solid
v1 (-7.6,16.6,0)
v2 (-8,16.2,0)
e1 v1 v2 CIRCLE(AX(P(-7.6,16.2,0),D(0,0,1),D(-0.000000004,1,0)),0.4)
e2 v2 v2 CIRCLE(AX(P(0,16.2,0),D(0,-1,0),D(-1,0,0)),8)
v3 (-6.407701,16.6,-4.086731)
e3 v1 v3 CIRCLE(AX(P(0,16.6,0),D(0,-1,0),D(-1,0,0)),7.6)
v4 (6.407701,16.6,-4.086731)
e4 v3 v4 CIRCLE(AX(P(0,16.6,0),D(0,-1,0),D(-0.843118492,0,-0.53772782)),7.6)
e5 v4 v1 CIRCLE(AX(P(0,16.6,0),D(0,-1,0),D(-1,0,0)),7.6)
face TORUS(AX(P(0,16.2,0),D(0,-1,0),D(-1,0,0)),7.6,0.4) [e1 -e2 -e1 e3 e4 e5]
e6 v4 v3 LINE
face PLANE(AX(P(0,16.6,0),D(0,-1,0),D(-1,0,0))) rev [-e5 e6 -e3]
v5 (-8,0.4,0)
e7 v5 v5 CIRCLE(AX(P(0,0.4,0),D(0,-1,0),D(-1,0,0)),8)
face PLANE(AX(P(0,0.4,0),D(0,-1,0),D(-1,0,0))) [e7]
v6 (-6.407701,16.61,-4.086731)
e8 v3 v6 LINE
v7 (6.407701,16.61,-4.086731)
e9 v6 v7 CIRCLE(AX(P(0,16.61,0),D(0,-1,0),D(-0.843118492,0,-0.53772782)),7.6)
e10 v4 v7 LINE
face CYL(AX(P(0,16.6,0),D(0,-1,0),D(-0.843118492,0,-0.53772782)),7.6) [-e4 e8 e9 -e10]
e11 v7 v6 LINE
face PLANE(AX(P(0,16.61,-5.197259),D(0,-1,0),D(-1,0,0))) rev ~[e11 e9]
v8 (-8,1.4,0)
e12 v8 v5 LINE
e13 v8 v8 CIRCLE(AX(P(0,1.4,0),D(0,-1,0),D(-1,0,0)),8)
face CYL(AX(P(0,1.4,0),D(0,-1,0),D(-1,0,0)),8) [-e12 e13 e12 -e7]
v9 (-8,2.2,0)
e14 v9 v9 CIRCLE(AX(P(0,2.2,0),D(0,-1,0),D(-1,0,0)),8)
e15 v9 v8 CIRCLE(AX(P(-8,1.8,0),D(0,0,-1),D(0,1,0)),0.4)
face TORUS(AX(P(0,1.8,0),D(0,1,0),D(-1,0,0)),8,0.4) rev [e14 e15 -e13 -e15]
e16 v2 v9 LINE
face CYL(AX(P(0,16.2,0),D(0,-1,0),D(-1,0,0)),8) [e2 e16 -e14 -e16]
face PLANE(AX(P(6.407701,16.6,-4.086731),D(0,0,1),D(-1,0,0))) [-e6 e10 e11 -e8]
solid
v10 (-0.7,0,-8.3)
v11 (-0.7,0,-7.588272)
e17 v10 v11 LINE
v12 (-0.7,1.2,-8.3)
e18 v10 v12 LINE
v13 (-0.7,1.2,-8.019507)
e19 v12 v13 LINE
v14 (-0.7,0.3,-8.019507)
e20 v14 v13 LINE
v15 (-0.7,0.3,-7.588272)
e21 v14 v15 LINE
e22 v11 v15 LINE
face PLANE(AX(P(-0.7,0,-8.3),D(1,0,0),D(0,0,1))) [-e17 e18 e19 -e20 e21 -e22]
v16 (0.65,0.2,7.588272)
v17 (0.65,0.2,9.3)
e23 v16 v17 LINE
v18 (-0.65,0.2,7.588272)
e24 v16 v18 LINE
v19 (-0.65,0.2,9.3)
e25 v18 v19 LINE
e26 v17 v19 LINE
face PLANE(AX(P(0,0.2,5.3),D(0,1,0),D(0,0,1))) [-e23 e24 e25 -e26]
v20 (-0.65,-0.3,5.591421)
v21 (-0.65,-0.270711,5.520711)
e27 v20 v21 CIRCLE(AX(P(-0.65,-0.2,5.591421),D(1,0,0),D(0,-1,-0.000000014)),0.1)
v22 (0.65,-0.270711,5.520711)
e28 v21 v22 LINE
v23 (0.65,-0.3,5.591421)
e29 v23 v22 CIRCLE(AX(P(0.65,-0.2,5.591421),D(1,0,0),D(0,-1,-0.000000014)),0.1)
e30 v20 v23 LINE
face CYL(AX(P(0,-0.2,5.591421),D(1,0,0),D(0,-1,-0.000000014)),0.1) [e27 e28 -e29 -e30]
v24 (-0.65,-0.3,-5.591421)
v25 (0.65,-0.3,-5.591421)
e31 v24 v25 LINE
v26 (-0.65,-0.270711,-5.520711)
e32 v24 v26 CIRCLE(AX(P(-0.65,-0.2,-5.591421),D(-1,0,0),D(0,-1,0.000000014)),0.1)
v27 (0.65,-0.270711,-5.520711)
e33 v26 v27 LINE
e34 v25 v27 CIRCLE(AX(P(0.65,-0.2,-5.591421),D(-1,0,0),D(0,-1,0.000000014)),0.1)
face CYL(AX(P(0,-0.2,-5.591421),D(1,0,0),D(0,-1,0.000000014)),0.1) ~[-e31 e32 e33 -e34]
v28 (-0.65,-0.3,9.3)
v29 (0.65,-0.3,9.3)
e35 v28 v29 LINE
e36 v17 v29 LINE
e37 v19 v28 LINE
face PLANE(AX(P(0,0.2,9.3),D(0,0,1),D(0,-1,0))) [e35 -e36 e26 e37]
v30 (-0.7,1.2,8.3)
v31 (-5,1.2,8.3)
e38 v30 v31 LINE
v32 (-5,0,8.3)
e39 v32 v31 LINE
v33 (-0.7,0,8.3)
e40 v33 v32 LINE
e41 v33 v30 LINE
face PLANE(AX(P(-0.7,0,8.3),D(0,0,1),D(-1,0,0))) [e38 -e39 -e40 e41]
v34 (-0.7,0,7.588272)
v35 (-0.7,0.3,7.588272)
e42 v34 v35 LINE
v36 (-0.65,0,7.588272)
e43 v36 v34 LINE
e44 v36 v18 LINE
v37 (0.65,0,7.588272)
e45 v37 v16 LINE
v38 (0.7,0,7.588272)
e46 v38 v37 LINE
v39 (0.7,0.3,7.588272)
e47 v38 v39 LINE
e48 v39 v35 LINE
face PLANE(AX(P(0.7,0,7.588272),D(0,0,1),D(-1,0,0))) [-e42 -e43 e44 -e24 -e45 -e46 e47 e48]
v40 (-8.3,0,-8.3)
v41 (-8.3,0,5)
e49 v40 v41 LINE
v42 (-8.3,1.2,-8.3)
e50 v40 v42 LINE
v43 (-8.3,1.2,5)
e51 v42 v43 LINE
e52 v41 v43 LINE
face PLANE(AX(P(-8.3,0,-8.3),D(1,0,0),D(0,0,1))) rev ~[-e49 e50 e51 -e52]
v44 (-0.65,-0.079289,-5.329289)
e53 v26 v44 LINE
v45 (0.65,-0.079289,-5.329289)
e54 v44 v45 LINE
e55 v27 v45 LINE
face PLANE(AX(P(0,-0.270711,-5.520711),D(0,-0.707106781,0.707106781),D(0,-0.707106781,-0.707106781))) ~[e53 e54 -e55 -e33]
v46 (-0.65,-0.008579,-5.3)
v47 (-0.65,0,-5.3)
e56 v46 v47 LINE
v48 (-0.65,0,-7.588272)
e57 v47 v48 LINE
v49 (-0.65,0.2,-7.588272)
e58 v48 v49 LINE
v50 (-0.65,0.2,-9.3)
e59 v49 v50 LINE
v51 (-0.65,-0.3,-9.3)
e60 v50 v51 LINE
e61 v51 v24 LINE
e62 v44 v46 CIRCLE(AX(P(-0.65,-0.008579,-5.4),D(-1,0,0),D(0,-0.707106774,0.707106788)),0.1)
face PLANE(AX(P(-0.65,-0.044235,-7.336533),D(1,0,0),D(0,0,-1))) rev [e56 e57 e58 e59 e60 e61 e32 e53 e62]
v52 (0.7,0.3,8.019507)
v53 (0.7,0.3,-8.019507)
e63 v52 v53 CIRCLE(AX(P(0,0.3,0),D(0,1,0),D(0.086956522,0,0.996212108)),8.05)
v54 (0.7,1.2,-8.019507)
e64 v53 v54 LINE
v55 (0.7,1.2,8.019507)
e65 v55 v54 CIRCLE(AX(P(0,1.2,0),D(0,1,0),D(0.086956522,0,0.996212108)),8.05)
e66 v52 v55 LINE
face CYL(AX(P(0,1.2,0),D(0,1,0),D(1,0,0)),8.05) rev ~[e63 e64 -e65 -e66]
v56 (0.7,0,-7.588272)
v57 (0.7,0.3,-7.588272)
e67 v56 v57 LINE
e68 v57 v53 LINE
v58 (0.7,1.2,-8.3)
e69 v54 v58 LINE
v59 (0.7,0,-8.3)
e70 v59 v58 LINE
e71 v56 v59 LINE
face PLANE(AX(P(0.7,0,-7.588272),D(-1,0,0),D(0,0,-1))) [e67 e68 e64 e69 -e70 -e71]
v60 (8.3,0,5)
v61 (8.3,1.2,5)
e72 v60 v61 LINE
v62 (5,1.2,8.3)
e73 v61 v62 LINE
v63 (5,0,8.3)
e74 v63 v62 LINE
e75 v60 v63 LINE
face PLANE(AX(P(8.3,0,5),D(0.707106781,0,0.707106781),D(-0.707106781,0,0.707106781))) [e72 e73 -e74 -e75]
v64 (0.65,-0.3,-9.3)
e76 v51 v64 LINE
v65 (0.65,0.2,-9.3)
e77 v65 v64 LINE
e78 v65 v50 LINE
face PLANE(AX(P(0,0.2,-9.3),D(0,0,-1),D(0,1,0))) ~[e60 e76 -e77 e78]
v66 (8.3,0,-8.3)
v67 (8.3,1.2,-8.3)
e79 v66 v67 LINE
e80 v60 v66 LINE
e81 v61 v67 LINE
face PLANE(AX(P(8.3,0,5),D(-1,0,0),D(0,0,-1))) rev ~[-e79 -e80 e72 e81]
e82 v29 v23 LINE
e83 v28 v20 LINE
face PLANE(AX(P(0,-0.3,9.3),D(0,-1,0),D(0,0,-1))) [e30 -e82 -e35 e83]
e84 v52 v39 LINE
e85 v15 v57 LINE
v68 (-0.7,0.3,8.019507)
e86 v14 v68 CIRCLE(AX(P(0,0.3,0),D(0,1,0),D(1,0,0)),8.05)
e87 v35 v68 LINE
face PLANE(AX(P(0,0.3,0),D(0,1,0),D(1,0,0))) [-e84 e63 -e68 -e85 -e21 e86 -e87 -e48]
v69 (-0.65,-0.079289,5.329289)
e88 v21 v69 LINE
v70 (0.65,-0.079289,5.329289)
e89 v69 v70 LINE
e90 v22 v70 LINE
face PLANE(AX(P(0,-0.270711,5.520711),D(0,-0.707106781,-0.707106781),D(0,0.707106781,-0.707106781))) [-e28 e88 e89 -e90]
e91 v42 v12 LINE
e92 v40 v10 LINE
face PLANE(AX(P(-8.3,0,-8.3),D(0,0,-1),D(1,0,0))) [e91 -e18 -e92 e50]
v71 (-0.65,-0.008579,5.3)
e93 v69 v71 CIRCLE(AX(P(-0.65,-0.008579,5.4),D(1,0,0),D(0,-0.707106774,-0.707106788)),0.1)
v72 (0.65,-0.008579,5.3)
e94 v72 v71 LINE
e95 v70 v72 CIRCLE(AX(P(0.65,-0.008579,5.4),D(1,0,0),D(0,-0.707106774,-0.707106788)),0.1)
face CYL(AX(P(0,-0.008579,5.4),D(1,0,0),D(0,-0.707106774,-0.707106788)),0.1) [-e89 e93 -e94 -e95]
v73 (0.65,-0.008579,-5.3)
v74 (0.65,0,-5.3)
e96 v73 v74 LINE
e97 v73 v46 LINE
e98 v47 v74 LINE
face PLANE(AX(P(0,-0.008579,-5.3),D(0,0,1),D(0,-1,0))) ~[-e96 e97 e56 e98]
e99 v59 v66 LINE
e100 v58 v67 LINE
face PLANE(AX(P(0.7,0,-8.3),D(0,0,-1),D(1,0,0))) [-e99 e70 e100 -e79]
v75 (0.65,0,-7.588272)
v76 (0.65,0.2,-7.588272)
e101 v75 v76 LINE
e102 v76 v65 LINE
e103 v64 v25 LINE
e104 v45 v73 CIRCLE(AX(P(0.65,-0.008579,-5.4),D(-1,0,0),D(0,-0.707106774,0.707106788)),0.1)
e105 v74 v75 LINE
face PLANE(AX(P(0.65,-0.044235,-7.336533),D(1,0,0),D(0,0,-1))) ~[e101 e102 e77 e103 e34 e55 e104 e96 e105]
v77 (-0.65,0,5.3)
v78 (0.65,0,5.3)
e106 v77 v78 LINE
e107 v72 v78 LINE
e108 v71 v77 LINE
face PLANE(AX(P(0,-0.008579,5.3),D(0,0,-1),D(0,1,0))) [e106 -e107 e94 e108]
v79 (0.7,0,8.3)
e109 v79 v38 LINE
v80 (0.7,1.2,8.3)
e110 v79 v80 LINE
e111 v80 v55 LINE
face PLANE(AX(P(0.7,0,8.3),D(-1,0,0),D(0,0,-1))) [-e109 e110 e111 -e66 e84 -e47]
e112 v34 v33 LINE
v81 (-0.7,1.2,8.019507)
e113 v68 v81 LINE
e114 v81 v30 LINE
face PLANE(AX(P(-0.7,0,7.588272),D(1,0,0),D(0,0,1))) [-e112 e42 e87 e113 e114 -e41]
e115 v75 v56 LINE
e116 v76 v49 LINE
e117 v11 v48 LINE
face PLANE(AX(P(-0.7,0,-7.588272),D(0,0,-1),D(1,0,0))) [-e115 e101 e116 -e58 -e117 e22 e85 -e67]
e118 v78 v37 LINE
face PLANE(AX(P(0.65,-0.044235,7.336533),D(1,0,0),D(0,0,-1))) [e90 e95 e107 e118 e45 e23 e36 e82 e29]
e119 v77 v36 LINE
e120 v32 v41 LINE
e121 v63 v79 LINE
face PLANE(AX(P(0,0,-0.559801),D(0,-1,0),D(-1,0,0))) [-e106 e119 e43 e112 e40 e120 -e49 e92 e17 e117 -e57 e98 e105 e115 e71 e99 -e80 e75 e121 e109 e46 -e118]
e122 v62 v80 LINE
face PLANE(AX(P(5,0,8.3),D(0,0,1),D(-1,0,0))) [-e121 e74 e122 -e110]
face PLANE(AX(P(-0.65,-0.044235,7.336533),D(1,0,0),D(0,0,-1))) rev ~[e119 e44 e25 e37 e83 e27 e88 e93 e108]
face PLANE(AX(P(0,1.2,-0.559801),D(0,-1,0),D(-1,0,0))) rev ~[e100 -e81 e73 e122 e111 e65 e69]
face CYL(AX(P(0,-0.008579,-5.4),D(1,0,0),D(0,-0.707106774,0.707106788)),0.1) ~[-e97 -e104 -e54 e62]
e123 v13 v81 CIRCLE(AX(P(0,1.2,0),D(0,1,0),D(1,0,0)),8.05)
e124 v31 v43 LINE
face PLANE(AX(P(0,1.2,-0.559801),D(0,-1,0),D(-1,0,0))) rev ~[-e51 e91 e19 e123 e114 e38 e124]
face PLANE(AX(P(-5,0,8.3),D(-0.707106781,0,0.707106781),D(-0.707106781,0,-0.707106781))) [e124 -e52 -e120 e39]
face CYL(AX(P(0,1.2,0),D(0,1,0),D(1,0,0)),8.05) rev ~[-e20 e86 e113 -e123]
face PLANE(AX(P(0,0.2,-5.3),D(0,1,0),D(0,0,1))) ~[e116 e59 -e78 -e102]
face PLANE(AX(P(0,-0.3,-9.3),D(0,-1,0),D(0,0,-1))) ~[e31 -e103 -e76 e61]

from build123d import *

# Parameters (mm, degrees)
BOSS_EXTRUDE1_DEPTH = 1.2
CUT_EXTRUDE1_START  = 1.2
SKETCH4_R           = 8.05
CUT_EXTRUDE1_DEPTH  = 0.9
BOSS_EXTRUDE2_DEPTH = 0.65
BOSS_EXTRUDE3_DEPTH = 0.01


with BuildPart() as part:
    # Sketch1 → Boss-Extrude1 (new body)
    with BuildSketch(Plane(origin=(0, 0, 0), x_dir=(1, 0, 0), z_dir=(0, 1, 0))):
        Polygon((-8.3, 8.3), (-0.7, 8.3), (-0.7, 7.58827238), (0.7, 7.58827238), (0.7, 8.3), (8.3, 8.3), (8.3, -1.8), (8.3, -5), (5, -8.3), (0.7, -8.3), (0.7, -7.58827238), (-0.7, -7.58827238), (-0.7, -8.3), (-5, -8.3), (-8.3, -5), (-8.3, -1.8), align=None)
    extrude(amount=BOSS_EXTRUDE1_DEPTH)

    # Sketch4 → Cut-Extrude1 (cut)
    with BuildSketch(Plane(origin=(0, 0, 0), x_dir=(1, 0, 0), z_dir=(0, 1, 0)).offset(CUT_EXTRUDE1_START)):
        Circle(SKETCH4_R)
    extrude(amount=-CUT_EXTRUDE1_DEPTH, mode=Mode.SUBTRACT)

    # Sketch5 → Boss-Extrude2 (add, symmetric)
    with BuildSketch(Plane(origin=(0, 0, 0), x_dir=(0, 0, -1), z_dir=(1, 0, 0))):
        with BuildLine():
            Line((-9.3, 0.2), (-9.3, -0.3))
            Line((-9.3, -0.3), (-5.591421356, -0.3))
            ThreePointArc((-5.591421356, -0.3), (-5.553153013, -0.292387953), (-5.520710678, -0.270710678))
            Line((-5.520710678, -0.270710678), (-5.329289322, -0.079289322))
            ThreePointArc((-5.329289322, -0.079289322), (-5.307612047, -0.046846987), (-5.3, -0.008578644))
            Line((-5.3, -0.008578644), (-5.3, 0.2))
            Line((-5.3, 0.2), (-9.3, 0.2))
        make_face()
    boss_extrude2 = extrude(amount=BOSS_EXTRUDE2_DEPTH, both=True)

    # Mirror1: Boss-Extrude2 across plane
    add(boss_extrude2.mirror(Plane.XY))


with BuildPart() as body_2:
    # Sketch3 → Revolve1 (revolve)
    with BuildSketch(Plane.XY):
        with BuildLine():
            Line((-8, 16.2), (-8, 2.2))
            ThreePointArc((-8, 2.2), (-7.6, 1.8), (-8, 1.4))
            Line((-8, 1.4), (-8, 0.4))
            Line((-8, 0.4), (0, 0.4))
            Line((0, 0.4), (0, 16.6))
            Line((0, 16.6), (-7.6, 16.6))
            ThreePointArc((-7.6, 16.6), (-7.882842712, 16.482842712), (-8, 16.2))
        make_face()
    revolve(axis=Axis((0, 22.223469288, 0), (0, -1, 0)))

    # Sketch6 → Boss-Extrude3 (add)
    with BuildSketch(Plane(origin=(0, 16.6, 0), x_dir=(1, 0, 0), z_dir=(0, 1, 0))):
        with BuildLine():
            Line((6.40770054, 4.086731431), (-6.40770054, 4.086731431))
            ThreePointArc((-6.40770054, 4.086731431), (0, 7.6), (6.40770054, 4.086731431))
        make_face()
    extrude(amount=BOSS_EXTRUDE3_DEPTH)


solid = Compound([part.part, body_2.part])
